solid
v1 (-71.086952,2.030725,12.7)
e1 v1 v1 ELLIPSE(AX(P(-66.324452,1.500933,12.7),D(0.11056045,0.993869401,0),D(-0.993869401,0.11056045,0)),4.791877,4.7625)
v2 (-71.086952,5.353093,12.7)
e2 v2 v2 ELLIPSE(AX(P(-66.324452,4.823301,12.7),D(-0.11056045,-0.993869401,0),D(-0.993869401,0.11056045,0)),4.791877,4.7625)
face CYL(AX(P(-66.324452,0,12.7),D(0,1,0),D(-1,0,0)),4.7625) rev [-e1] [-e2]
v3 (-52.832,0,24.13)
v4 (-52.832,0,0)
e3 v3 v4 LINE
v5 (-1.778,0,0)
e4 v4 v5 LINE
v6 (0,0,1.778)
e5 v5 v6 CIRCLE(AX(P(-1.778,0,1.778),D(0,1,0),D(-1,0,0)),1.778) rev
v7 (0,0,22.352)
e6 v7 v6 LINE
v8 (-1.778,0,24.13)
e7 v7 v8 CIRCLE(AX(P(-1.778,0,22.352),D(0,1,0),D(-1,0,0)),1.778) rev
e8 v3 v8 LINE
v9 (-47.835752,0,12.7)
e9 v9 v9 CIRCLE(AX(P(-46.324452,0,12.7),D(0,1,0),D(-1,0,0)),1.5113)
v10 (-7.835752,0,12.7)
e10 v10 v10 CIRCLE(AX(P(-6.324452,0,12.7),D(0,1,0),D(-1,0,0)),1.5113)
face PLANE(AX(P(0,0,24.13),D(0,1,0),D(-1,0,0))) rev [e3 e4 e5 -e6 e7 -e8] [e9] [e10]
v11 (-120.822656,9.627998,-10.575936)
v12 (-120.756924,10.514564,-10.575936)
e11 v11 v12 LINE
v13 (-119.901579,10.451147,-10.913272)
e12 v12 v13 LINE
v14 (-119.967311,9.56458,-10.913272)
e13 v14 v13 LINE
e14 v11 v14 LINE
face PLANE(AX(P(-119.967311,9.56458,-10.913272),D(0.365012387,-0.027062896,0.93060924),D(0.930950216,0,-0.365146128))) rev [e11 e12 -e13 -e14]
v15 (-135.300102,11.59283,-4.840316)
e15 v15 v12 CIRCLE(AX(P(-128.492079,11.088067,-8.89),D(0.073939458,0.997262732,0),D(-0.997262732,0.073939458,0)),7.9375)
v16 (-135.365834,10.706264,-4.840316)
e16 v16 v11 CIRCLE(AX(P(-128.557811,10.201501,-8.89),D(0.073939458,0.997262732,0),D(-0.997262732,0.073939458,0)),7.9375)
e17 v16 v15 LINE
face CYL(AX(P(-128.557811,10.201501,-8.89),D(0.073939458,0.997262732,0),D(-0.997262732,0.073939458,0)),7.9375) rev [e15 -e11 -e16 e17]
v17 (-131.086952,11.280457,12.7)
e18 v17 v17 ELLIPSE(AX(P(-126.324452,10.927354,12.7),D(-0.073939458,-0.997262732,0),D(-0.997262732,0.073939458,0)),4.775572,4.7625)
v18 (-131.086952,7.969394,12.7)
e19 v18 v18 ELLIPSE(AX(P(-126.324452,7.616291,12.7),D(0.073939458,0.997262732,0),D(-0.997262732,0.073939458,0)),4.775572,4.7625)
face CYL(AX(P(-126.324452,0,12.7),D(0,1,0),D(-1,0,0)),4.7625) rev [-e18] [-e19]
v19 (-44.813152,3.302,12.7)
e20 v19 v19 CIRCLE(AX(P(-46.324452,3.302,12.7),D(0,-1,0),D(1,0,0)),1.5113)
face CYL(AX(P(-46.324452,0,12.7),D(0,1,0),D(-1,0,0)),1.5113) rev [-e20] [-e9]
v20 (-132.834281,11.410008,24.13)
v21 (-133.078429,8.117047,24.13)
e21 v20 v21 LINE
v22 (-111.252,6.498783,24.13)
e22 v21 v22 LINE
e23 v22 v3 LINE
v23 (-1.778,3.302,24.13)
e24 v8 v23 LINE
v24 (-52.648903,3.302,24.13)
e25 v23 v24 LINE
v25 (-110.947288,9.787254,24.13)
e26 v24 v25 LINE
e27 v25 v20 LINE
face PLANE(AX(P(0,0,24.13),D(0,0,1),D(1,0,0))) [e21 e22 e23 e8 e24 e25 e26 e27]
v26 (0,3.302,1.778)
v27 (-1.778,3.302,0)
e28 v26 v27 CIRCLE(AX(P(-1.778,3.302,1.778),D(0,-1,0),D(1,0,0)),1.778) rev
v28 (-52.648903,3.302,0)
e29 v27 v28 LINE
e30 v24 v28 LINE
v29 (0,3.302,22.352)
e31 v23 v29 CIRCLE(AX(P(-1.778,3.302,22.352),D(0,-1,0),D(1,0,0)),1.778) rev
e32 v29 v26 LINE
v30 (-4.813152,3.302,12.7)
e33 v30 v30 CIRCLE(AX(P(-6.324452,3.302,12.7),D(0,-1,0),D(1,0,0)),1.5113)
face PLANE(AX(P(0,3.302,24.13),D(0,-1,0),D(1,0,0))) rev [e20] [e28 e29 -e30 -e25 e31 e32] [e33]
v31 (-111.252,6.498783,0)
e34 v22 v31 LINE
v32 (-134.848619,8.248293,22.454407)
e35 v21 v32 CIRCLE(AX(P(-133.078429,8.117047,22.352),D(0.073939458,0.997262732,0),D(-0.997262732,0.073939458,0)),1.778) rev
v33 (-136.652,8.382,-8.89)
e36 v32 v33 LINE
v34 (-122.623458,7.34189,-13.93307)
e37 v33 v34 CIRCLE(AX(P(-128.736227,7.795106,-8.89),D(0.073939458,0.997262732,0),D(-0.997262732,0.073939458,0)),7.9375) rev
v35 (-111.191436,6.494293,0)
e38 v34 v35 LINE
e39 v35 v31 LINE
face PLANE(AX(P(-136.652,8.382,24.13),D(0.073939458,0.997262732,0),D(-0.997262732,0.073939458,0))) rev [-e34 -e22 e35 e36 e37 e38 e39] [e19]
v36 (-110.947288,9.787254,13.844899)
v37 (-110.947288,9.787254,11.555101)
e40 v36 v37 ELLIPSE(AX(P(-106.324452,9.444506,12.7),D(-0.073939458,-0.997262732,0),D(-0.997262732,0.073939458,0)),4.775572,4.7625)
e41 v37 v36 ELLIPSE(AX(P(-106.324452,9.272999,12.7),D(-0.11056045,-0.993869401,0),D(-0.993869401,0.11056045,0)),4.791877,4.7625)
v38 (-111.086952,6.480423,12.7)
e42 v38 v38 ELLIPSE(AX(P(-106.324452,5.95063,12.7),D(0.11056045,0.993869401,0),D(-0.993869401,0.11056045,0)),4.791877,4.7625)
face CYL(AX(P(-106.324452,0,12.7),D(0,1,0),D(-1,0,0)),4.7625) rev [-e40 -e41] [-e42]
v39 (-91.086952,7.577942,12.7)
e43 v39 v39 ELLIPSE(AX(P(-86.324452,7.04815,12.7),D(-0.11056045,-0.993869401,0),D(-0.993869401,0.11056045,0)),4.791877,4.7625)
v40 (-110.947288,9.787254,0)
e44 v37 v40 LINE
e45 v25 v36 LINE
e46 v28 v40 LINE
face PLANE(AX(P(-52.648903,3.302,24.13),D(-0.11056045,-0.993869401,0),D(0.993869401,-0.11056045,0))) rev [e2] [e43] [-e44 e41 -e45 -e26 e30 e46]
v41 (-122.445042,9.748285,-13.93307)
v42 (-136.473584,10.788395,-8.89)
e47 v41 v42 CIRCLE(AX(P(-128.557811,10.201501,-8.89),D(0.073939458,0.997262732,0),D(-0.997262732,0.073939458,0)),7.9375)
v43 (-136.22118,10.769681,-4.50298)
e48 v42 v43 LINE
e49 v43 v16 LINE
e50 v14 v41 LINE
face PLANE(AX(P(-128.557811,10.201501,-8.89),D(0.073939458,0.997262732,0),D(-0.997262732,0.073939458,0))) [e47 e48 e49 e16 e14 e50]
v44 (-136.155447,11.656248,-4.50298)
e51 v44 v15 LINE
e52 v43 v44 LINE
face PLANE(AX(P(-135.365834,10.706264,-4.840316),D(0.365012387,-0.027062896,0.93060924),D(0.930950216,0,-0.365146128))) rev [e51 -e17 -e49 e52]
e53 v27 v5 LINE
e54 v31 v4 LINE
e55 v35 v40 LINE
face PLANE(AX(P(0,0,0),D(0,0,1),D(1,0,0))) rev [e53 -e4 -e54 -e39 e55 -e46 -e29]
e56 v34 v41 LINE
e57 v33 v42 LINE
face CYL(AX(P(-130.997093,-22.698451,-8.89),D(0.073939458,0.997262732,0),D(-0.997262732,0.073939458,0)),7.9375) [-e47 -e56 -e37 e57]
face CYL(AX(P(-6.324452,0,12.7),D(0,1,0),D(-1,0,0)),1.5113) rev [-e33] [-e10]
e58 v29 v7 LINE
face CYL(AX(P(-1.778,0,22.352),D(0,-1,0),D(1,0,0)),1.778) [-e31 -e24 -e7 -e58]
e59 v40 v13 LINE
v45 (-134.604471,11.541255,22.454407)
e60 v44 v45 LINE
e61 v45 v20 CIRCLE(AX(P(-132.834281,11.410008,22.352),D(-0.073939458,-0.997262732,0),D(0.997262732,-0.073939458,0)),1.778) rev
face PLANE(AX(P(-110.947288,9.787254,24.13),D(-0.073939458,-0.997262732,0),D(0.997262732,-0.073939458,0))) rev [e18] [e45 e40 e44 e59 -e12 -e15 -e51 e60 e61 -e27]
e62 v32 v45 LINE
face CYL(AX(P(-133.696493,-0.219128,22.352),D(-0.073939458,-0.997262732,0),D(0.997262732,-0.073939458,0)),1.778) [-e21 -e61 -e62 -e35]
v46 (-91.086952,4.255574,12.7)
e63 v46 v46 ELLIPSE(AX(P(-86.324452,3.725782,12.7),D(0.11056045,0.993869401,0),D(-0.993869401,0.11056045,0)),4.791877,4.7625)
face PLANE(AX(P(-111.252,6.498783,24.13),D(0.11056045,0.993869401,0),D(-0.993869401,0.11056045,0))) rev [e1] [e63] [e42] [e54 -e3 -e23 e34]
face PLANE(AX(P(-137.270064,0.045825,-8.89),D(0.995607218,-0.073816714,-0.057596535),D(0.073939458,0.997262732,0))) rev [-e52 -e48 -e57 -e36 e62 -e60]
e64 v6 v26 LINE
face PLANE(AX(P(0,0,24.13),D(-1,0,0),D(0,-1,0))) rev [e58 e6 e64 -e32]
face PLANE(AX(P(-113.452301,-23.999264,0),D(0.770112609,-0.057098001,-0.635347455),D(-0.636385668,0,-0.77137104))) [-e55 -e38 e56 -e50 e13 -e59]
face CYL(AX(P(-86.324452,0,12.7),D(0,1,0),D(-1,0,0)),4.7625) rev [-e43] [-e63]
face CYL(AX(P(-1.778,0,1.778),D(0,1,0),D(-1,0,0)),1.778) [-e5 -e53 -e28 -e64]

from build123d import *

# Parameters (mm, degrees)
BOSS_EXTRUDE1_DEPTH     = 24.13
CUT_EXTRUDE1_DEPTH      = 140.018460965
CUT_EXTRUDE1_DEPTH_BACK = 140.018460965
SKETCH2_R               = 1.5113
SKETCH2_R_2             = 4.7625
BOSS_EXTRUDE2_DEPTH     = 3.302
CUT_EXTRUDE2_DEPTH      = 140.247845391
CUT_EXTRUDE2_DEPTH_BACK = 140.247845391
FILLET1_R               = 1.778
CUT_EXTRUDE3_DEPTH      = 0.889


with BuildPart() as part:
    # Sketch1 → Boss-Extrude1 (new body)
    with BuildSketch(Plane.XY):
        Polygon((0, 0), (-52.832, 0), (-111.252, 6.498782895), (-136.652, 8.382), (-136.407851909, 11.674961541), (-110.947287613, 9.787254053), (-52.648903452, 3.302), (0, 3.302), align=None)
    extrude(amount=BOSS_EXTRUDE1_DEPTH)

    # Sketch2 → Cut-Extrude1 (cut, two sides: drawn at the far end of the back side and taken through both)
    with BuildSketch(Plane(origin=(0, 3.302, 0), x_dir=(1, 0, 0), z_dir=(0, 1, 0)).offset(-CUT_EXTRUDE1_DEPTH_BACK)):
        with Locations(Location((-6.324451726, -12.7, 0), (0, 0, 180))):
            Circle(SKETCH2_R)
        with Locations(Location((-46.324451726, -12.7, 0), (0, 0, 180))):
            Circle(SKETCH2_R)
        with Locations(Location((-66.324451726, -12.7, 0), (0, 0, 180))):
            Circle(SKETCH2_R_2)
        with Locations(Location((-86.324451726, -12.7, 0), (0, 0, 180))):
            Circle(SKETCH2_R_2)
        with Locations(Location((-106.324451726, -12.7, 0), (0, 0, 180))):
            Circle(SKETCH2_R_2)
        with Locations(Location((-126.324451726, -12.7, 0), (0, 0, 180))):
            Circle(SKETCH2_R_2)
    extrude(amount=CUT_EXTRUDE1_DEPTH + CUT_EXTRUDE1_DEPTH_BACK, mode=Mode.SUBTRACT)

    # Sketch3 → Boss-Extrude2 (add)
    with BuildSketch(Plane(origin=(0.115129755, 1.552819246, 0), x_dir=(0.9972627319520296, -0.07393945806924965, 0), z_dir=(0.07393945806924965, 0.9972627319520296, 0))):
        with BuildLine():
            Line((-136.897707384, 0), (-136.897707384, 8.89))
            ThreePointArc((-136.897707384, 8.89), (-131.63888491, 16.361853382), (-122.830660339, 13.933070421))
            Line((-122.830660339, 13.933070421), (-111.367259408, 0))
            Line((-111.367259408, 0), (-136.897707384, 0))
        make_face()
    extrude(amount=-BOSS_EXTRUDE2_DEPTH)

    # Sketch4 → Cut-Extrude2 (cut, two sides: drawn at the far end of the back side and taken through both)
    with BuildSketch(Plane(origin=(0.115129755, 1.552819246, 0), x_dir=(0.9972627319520296, -0.07393945806924965, 0), z_dir=(0.07393945806924965, 0.9972627319520296, 0)).offset(-CUT_EXTRUDE2_DEPTH_BACK)):
        Polygon((-136.897707384, 8.89), (-134.992707384, -24.13), (-136.897707384, -24.13), (-138.802707384, -24.13), (-138.802707384, 8.89), align=None)
    extrude(amount=CUT_EXTRUDE2_DEPTH + CUT_EXTRUDE2_DEPTH_BACK, mode=Mode.SUBTRACT)

    # Fillet1
    fillet1_edges = [part.edges().sort_by_distance(p)[0] for p in [
        (0, 1.651, 0),
        (0, 1.651, 24.13),
        (-134.63014045, 9.887626103, 24.13),
    ]]
    fillet(fillet1_edges, radius=FILLET1_R)

    # Sketch5 → Cut-Extrude3 (cut)
    with BuildSketch(Plane(origin=(0.115129755, 1.552819246, 0), x_dir=(0.9972627319520296, -0.07393945806924965, 0), z_dir=(0.07393945806924965, 0.9972627319520296, 0))):
        with BuildLine():
            Line((-135.786917217, 4.840316171), (-136.644610097, 4.502980352))
            Line((-136.644610097, 4.502980352), (-136.88295075, 8.406219254))
            ThreePointArc((-136.88295075, 8.406219254), (-131.865445622, 16.27671084), (-122.830660339, 13.933070421))
            Line((-122.830660339, 13.933070421), (-120.346128436, 10.913272179))
            Line((-120.346128436, 10.913272179), (-121.203821316, 10.57593636))
            ThreePointArc((-121.203821316, 10.57593636), (-126.054969147, 1.50328916), (-135.786917217, 4.840316171))
        make_face()
    extrude(amount=-CUT_EXTRUDE3_DEPTH, mode=Mode.SUBTRACT)


solid = part.part
